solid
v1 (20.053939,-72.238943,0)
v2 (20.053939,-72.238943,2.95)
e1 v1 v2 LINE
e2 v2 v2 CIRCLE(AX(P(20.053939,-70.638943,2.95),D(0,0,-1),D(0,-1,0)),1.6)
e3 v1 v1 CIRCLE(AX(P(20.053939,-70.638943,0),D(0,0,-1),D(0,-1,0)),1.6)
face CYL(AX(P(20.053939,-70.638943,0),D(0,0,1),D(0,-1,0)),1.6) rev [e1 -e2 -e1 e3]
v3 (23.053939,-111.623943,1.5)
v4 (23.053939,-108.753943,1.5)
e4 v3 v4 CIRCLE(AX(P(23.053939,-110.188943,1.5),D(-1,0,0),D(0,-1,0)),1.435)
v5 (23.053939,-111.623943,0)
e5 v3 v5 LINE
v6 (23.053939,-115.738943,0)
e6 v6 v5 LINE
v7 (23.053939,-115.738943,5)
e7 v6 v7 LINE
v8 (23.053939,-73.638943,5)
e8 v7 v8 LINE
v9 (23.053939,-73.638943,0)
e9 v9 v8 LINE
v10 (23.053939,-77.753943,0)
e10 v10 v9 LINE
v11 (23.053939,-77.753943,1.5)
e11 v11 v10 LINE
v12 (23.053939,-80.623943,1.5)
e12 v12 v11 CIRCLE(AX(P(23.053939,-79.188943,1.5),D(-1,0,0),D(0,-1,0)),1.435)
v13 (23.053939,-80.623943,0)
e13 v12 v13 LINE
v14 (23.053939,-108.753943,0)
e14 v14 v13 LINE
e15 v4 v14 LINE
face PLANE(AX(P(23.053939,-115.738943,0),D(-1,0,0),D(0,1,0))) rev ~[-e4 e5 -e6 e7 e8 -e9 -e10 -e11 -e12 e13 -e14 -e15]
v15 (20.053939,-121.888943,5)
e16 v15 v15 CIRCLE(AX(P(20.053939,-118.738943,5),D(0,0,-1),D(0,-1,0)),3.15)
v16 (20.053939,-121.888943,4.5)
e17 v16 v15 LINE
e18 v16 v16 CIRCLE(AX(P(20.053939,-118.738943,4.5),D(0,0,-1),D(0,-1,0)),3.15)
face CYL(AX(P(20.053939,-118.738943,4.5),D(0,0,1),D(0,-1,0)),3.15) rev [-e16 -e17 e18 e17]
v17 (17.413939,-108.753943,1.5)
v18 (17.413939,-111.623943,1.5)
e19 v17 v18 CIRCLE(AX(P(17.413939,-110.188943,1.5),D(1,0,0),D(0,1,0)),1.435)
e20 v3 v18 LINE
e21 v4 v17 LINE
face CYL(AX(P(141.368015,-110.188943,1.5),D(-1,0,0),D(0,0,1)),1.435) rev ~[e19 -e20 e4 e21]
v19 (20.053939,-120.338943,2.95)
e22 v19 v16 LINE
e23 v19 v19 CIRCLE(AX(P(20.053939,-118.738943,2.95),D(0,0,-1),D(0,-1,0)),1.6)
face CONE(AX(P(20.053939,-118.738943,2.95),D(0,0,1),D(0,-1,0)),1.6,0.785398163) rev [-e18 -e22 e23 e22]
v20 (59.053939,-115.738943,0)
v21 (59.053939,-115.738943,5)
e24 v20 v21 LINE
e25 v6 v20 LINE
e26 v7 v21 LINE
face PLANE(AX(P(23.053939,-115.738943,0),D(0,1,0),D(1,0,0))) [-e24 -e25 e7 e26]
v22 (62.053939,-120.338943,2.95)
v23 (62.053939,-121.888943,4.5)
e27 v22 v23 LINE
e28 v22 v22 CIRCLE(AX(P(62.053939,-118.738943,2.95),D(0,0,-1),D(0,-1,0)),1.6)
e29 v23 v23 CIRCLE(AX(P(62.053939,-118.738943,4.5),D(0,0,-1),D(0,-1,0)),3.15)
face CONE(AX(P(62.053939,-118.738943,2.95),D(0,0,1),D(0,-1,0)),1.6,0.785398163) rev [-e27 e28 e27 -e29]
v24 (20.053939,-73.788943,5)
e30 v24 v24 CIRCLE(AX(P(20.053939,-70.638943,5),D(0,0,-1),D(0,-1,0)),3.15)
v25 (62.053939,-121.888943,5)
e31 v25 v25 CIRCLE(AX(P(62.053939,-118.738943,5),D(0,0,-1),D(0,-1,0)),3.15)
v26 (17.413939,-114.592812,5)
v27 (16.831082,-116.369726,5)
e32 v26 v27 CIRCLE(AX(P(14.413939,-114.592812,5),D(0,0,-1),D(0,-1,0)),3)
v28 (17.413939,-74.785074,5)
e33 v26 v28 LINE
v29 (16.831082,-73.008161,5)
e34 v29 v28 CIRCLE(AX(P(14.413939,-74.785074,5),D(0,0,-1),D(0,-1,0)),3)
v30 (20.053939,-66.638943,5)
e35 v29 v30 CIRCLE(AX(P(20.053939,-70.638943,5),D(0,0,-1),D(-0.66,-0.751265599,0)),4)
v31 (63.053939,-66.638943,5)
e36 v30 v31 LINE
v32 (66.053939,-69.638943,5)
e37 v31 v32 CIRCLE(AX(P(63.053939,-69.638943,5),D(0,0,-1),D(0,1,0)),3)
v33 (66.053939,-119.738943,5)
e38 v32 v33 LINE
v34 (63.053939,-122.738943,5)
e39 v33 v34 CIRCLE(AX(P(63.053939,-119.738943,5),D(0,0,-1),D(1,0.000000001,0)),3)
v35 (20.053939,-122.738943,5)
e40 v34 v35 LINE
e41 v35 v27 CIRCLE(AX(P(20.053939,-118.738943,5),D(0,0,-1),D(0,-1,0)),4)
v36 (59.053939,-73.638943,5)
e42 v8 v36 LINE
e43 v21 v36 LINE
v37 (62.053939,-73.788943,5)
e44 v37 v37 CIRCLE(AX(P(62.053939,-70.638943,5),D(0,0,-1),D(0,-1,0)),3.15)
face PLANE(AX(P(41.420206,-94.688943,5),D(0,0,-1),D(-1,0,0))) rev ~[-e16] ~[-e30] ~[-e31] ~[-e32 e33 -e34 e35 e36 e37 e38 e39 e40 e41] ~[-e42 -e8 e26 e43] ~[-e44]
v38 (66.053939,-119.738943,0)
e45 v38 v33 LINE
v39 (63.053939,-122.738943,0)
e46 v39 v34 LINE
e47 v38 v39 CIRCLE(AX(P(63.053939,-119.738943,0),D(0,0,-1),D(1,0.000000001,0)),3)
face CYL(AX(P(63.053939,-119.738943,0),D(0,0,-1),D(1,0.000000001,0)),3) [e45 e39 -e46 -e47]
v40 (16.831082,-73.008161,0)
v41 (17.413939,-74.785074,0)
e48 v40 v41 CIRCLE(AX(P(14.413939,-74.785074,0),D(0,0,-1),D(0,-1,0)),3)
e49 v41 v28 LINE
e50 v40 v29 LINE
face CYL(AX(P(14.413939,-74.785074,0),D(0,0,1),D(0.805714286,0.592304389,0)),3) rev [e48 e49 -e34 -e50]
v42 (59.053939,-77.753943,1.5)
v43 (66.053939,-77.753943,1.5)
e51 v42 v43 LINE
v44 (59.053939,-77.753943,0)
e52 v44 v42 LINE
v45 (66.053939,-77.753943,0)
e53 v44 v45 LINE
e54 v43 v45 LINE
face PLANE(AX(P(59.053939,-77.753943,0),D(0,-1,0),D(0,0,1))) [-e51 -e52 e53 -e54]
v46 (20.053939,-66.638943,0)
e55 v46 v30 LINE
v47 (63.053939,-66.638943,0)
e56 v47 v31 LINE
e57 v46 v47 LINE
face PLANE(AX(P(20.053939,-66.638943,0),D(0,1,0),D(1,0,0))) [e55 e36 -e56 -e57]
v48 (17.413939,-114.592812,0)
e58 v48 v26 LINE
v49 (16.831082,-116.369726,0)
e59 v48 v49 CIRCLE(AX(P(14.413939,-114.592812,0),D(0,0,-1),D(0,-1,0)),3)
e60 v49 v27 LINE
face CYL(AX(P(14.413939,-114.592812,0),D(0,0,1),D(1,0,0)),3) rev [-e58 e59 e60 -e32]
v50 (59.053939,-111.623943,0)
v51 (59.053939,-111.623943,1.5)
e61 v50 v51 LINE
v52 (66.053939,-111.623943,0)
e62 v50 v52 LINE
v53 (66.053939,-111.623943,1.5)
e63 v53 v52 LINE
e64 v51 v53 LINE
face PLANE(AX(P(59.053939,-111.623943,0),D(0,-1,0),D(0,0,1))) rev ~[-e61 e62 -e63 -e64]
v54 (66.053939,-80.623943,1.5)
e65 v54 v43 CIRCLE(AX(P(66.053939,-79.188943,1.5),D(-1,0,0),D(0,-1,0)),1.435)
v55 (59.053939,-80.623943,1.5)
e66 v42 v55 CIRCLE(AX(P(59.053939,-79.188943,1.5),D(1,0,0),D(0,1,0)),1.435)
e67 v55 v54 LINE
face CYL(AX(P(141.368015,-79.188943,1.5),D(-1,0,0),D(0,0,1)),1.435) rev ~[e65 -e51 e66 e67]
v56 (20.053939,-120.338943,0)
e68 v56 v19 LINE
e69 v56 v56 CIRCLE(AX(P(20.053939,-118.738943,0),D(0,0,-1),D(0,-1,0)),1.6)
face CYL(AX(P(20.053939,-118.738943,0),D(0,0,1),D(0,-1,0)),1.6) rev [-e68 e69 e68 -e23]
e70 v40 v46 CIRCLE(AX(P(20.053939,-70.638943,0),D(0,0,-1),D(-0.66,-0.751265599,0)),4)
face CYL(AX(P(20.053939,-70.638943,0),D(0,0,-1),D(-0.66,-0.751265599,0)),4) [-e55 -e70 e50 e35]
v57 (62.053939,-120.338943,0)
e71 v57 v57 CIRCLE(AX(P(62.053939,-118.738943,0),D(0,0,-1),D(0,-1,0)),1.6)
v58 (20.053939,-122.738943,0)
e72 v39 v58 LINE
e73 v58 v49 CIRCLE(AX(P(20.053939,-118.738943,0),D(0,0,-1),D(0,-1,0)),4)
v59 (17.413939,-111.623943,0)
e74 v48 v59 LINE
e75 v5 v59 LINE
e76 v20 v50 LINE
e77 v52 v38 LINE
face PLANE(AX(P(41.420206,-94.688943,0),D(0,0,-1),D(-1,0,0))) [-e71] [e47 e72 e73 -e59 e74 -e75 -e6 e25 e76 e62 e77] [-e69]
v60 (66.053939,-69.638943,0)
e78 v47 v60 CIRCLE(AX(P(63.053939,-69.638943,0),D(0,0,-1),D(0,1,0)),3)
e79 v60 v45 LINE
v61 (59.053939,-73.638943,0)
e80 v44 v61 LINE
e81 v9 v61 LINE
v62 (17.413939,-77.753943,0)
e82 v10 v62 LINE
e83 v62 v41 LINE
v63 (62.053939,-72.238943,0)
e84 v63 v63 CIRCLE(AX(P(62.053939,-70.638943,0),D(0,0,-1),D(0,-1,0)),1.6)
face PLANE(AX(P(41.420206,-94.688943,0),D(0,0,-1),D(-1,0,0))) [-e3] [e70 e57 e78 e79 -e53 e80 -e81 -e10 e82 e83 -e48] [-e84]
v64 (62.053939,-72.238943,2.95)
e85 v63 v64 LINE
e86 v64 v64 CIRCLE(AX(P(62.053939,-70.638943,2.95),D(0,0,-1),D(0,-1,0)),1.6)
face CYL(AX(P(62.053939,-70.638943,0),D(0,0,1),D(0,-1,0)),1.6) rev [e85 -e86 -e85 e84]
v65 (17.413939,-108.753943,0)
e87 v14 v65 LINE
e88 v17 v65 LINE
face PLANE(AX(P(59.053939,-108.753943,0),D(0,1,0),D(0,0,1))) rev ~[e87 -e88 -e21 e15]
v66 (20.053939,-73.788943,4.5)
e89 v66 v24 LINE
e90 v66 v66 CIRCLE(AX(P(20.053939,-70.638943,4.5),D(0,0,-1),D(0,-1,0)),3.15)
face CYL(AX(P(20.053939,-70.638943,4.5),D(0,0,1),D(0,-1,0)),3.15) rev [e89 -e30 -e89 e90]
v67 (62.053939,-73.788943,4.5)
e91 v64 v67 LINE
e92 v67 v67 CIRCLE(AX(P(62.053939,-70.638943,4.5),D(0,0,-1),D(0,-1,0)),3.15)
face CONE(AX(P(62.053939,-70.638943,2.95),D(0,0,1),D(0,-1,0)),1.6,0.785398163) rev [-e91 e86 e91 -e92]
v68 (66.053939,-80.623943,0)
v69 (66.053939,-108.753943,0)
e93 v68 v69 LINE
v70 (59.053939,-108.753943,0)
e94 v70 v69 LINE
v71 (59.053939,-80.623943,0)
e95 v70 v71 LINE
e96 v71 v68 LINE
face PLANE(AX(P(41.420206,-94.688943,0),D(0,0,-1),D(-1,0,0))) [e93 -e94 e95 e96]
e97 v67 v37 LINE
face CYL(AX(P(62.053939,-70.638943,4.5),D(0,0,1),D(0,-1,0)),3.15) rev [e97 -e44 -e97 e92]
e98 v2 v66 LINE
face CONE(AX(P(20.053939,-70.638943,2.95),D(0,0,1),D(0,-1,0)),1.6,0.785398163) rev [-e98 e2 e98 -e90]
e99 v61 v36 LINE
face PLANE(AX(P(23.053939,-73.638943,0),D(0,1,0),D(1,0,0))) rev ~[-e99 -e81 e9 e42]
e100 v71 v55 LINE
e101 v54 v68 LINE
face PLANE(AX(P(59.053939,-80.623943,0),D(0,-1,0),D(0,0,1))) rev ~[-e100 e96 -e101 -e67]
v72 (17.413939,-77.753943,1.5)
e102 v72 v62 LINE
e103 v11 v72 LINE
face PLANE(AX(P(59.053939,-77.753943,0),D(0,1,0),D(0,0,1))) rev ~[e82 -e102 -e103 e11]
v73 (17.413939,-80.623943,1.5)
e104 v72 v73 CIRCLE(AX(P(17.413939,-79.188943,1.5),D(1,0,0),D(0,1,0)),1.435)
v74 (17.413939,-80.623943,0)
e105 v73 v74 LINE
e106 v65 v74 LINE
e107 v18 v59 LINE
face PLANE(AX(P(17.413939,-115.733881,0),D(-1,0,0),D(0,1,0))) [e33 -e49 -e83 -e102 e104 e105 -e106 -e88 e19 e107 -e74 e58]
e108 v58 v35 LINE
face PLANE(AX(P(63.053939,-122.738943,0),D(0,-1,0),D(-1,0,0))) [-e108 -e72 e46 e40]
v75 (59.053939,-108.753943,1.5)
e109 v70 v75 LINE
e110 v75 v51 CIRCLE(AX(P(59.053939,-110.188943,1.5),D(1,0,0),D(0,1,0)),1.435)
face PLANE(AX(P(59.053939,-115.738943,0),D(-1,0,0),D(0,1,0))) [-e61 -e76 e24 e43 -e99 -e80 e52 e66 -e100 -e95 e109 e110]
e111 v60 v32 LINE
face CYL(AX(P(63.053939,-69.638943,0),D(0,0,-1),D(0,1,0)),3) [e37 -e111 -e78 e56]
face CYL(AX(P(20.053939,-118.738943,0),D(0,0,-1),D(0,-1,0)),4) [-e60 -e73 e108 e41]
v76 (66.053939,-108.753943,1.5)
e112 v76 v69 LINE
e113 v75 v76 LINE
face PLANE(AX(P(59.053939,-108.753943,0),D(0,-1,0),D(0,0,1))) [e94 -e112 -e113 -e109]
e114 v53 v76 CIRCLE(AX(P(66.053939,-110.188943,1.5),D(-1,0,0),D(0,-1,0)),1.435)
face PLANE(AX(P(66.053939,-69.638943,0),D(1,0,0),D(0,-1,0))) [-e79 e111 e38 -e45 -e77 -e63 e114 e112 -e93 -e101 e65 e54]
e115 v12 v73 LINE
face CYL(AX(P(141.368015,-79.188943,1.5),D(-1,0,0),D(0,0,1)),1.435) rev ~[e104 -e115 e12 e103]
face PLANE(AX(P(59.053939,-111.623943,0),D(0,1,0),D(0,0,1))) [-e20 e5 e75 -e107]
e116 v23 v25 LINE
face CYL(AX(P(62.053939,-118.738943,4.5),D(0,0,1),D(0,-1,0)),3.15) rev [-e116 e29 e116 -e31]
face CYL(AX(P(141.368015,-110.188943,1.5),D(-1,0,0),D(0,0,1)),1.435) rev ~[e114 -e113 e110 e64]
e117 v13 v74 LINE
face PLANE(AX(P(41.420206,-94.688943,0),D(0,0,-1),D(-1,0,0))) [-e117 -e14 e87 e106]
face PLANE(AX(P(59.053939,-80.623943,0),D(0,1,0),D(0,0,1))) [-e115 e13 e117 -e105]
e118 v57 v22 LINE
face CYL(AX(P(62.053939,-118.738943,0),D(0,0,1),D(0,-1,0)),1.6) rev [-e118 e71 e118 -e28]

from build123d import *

# Parameters (mm, degrees)
SKETCH1_R                                    = 1.25
SKETCH1_W                                    = 36
SKETCH1_H                                    = 42.1
BOSS_EXTRUDE1_DEPTH                          = 5
CSK_FOR_M3_COUNTERSUNK_FLAT_HEAD_SCR_2_COUNT = 2
CSK_FOR_M3_COUNTERSUNK_FLAT_HEAD_SCR_2_PITCH = 48.1
CSK_FOR_M3_COUNTERSUNK_FLAT_HEAD_SCR_3_COUNT = 2
CSK_FOR_M3_COUNTERSUNK_FLAT_HEAD_SCR_3_PITCH = 63.856166499
CSK_FOR_M3_COUNTERSUNK_FLAT_HEAD_SCR_4_COUNT = 2
CSK_FOR_M3_COUNTERSUNK_FLAT_HEAD_SCR_4_PITCH = 42
FURO_COM_FOLGA_DE_M34_D                      = 2.87
FILETE1_R                                    = 3
ESBO_O3_W                                    = 1.5
ESBO_O3_H                                    = 2.87
CORTE_EXTRUS_O1_DEPTH                        = 63
CORTE_EXTRUS_O1_DEPTH_BACK                   = 10


with BuildPart() as part:
    # Sketch1 → Boss-Extrude1 (new body)
    with BuildSketch(Plane.XY):
        with BuildLine():
            Line((20.053938932, -66.638943184), (63.053938932, -66.638943184))
            ThreePointArc((63.053938932, -66.638943184), (65.175259276, -67.517622841), (66.053938932, -69.638943184))
            Line((66.053938932, -69.638943184), (66.053938932, -119.738943184))
            ThreePointArc((66.053938932, -119.738943184), (65.175259276, -121.860263528), (63.053938932, -122.738943184))
            Line((63.053938932, -122.738943184), (20.053938932, -122.738943184))
            ThreePointArc((20.053938932, -122.738943184), (16.310928808, -120.149572552), (17.413938931, -115.73388079))
            Line((17.413938931, -115.73388079), (17.413938931, -73.644005579))
            ThreePointArc((17.413938931, -73.644005579), (16.310928808, -69.228313817), (20.053938932, -66.638943184))
        make_face()
        with Locations((20.053938932, -70.638943184)):
            Circle(SKETCH1_R, mode=Mode.SUBTRACT)
        with Locations((20.053938932, -118.738943184)):
            Circle(SKETCH1_R, mode=Mode.SUBTRACT)
        with Locations((62.053938932, -70.638943184)):
            Circle(SKETCH1_R, mode=Mode.SUBTRACT)
        with Locations((62.053938932, -118.738943184)):
            Circle(SKETCH1_R, mode=Mode.SUBTRACT)
        with Locations((41.053938932, -94.688943184)):
            Rectangle(SKETCH1_W, SKETCH1_H, mode=Mode.SUBTRACT)
    extrude(amount=BOSS_EXTRUDE1_DEPTH)

    # Sketch2 → CSK for M3 Countersunk Flat Head Screw1 (revolve, cut)
    with BuildSketch(Plane(origin=(20.053938932, -118.738943184, 5), x_dir=(0, -1, 0), z_dir=(1, 0, 0))):
        Polygon((0, 0), (0, 5), (1.6, 5), (1.6, 2.05), (3.15, 0.5), (3.15, 0), align=None)
    csk_for_m3_countersunk_flat_head_screw1 = revolve(axis=Axis((20.053938932, -118.738943184, 11.35), (0, 0, -1)), mode=Mode.SUBTRACT)

    # CSK for M3 Countersunk Flat Head Scr 2: CSK for M3 Countersunk Flat Head Screw1 ×2
    with Locations(*[(0, i * CSK_FOR_M3_COUNTERSUNK_FLAT_HEAD_SCR_2_PITCH, 0) for i in range(1, CSK_FOR_M3_COUNTERSUNK_FLAT_HEAD_SCR_2_COUNT)]):
        add(csk_for_m3_countersunk_flat_head_screw1, mode=Mode.SUBTRACT)

    # CSK for M3 Countersunk Flat Head Scr 3: CSK for M3 Countersunk Flat Head Screw1 ×2
    with Locations(*[Vector(0.657728177, 0.753255365, 0) * (i * CSK_FOR_M3_COUNTERSUNK_FLAT_HEAD_SCR_3_PITCH) for i in range(1, CSK_FOR_M3_COUNTERSUNK_FLAT_HEAD_SCR_3_COUNT)]):
        add(csk_for_m3_countersunk_flat_head_screw1, mode=Mode.SUBTRACT)

    # CSK for M3 Countersunk Flat Head Scr 4: CSK for M3 Countersunk Flat Head Screw1 ×2
    with Locations(*[(i * CSK_FOR_M3_COUNTERSUNK_FLAT_HEAD_SCR_4_PITCH, 0, 0) for i in range(1, CSK_FOR_M3_COUNTERSUNK_FLAT_HEAD_SCR_4_COUNT)]):
        add(csk_for_m3_countersunk_flat_head_screw1, mode=Mode.SUBTRACT)

    # Furo com folga de M34 (through all)
    with Locations(Plane(origin=(66.053938932, 0, 0), x_dir=(0, 0, -1), z_dir=(1, 0, 0))):
        with Locations((-1.5, -79.188943184), (-1.5, -110.188943184)):
            Hole(FURO_COM_FOLGA_DE_M34_D / 2)

    # Filete1
    filete1_edges = [part.edges().sort_by_distance(p)[0] for p in [
        (17.413938931, -115.73388079, 2.5),
        (17.413938931, -73.644005579, 2.5),
    ]]
    fillet(filete1_edges, radius=FILETE1_R)

    # Esboço3 → Corte-extrusão1 (cut, two sides)
    with BuildSketch(Plane.ZY.offset(-59.053938932)) as corte_extrus_o1_sk:
        with Locations((0.75, -79.188943184)):
            Rectangle(ESBO_O3_W, ESBO_O3_H)
        with Locations((0.75, -110.188943184)):
            Rectangle(ESBO_O3_W, ESBO_O3_H)
    extrude(amount=CORTE_EXTRUS_O1_DEPTH, mode=Mode.SUBTRACT)
    extrude(corte_extrus_o1_sk.sketch, amount=-CORTE_EXTRUS_O1_DEPTH_BACK, mode=Mode.SUBTRACT)


solid = part.part
